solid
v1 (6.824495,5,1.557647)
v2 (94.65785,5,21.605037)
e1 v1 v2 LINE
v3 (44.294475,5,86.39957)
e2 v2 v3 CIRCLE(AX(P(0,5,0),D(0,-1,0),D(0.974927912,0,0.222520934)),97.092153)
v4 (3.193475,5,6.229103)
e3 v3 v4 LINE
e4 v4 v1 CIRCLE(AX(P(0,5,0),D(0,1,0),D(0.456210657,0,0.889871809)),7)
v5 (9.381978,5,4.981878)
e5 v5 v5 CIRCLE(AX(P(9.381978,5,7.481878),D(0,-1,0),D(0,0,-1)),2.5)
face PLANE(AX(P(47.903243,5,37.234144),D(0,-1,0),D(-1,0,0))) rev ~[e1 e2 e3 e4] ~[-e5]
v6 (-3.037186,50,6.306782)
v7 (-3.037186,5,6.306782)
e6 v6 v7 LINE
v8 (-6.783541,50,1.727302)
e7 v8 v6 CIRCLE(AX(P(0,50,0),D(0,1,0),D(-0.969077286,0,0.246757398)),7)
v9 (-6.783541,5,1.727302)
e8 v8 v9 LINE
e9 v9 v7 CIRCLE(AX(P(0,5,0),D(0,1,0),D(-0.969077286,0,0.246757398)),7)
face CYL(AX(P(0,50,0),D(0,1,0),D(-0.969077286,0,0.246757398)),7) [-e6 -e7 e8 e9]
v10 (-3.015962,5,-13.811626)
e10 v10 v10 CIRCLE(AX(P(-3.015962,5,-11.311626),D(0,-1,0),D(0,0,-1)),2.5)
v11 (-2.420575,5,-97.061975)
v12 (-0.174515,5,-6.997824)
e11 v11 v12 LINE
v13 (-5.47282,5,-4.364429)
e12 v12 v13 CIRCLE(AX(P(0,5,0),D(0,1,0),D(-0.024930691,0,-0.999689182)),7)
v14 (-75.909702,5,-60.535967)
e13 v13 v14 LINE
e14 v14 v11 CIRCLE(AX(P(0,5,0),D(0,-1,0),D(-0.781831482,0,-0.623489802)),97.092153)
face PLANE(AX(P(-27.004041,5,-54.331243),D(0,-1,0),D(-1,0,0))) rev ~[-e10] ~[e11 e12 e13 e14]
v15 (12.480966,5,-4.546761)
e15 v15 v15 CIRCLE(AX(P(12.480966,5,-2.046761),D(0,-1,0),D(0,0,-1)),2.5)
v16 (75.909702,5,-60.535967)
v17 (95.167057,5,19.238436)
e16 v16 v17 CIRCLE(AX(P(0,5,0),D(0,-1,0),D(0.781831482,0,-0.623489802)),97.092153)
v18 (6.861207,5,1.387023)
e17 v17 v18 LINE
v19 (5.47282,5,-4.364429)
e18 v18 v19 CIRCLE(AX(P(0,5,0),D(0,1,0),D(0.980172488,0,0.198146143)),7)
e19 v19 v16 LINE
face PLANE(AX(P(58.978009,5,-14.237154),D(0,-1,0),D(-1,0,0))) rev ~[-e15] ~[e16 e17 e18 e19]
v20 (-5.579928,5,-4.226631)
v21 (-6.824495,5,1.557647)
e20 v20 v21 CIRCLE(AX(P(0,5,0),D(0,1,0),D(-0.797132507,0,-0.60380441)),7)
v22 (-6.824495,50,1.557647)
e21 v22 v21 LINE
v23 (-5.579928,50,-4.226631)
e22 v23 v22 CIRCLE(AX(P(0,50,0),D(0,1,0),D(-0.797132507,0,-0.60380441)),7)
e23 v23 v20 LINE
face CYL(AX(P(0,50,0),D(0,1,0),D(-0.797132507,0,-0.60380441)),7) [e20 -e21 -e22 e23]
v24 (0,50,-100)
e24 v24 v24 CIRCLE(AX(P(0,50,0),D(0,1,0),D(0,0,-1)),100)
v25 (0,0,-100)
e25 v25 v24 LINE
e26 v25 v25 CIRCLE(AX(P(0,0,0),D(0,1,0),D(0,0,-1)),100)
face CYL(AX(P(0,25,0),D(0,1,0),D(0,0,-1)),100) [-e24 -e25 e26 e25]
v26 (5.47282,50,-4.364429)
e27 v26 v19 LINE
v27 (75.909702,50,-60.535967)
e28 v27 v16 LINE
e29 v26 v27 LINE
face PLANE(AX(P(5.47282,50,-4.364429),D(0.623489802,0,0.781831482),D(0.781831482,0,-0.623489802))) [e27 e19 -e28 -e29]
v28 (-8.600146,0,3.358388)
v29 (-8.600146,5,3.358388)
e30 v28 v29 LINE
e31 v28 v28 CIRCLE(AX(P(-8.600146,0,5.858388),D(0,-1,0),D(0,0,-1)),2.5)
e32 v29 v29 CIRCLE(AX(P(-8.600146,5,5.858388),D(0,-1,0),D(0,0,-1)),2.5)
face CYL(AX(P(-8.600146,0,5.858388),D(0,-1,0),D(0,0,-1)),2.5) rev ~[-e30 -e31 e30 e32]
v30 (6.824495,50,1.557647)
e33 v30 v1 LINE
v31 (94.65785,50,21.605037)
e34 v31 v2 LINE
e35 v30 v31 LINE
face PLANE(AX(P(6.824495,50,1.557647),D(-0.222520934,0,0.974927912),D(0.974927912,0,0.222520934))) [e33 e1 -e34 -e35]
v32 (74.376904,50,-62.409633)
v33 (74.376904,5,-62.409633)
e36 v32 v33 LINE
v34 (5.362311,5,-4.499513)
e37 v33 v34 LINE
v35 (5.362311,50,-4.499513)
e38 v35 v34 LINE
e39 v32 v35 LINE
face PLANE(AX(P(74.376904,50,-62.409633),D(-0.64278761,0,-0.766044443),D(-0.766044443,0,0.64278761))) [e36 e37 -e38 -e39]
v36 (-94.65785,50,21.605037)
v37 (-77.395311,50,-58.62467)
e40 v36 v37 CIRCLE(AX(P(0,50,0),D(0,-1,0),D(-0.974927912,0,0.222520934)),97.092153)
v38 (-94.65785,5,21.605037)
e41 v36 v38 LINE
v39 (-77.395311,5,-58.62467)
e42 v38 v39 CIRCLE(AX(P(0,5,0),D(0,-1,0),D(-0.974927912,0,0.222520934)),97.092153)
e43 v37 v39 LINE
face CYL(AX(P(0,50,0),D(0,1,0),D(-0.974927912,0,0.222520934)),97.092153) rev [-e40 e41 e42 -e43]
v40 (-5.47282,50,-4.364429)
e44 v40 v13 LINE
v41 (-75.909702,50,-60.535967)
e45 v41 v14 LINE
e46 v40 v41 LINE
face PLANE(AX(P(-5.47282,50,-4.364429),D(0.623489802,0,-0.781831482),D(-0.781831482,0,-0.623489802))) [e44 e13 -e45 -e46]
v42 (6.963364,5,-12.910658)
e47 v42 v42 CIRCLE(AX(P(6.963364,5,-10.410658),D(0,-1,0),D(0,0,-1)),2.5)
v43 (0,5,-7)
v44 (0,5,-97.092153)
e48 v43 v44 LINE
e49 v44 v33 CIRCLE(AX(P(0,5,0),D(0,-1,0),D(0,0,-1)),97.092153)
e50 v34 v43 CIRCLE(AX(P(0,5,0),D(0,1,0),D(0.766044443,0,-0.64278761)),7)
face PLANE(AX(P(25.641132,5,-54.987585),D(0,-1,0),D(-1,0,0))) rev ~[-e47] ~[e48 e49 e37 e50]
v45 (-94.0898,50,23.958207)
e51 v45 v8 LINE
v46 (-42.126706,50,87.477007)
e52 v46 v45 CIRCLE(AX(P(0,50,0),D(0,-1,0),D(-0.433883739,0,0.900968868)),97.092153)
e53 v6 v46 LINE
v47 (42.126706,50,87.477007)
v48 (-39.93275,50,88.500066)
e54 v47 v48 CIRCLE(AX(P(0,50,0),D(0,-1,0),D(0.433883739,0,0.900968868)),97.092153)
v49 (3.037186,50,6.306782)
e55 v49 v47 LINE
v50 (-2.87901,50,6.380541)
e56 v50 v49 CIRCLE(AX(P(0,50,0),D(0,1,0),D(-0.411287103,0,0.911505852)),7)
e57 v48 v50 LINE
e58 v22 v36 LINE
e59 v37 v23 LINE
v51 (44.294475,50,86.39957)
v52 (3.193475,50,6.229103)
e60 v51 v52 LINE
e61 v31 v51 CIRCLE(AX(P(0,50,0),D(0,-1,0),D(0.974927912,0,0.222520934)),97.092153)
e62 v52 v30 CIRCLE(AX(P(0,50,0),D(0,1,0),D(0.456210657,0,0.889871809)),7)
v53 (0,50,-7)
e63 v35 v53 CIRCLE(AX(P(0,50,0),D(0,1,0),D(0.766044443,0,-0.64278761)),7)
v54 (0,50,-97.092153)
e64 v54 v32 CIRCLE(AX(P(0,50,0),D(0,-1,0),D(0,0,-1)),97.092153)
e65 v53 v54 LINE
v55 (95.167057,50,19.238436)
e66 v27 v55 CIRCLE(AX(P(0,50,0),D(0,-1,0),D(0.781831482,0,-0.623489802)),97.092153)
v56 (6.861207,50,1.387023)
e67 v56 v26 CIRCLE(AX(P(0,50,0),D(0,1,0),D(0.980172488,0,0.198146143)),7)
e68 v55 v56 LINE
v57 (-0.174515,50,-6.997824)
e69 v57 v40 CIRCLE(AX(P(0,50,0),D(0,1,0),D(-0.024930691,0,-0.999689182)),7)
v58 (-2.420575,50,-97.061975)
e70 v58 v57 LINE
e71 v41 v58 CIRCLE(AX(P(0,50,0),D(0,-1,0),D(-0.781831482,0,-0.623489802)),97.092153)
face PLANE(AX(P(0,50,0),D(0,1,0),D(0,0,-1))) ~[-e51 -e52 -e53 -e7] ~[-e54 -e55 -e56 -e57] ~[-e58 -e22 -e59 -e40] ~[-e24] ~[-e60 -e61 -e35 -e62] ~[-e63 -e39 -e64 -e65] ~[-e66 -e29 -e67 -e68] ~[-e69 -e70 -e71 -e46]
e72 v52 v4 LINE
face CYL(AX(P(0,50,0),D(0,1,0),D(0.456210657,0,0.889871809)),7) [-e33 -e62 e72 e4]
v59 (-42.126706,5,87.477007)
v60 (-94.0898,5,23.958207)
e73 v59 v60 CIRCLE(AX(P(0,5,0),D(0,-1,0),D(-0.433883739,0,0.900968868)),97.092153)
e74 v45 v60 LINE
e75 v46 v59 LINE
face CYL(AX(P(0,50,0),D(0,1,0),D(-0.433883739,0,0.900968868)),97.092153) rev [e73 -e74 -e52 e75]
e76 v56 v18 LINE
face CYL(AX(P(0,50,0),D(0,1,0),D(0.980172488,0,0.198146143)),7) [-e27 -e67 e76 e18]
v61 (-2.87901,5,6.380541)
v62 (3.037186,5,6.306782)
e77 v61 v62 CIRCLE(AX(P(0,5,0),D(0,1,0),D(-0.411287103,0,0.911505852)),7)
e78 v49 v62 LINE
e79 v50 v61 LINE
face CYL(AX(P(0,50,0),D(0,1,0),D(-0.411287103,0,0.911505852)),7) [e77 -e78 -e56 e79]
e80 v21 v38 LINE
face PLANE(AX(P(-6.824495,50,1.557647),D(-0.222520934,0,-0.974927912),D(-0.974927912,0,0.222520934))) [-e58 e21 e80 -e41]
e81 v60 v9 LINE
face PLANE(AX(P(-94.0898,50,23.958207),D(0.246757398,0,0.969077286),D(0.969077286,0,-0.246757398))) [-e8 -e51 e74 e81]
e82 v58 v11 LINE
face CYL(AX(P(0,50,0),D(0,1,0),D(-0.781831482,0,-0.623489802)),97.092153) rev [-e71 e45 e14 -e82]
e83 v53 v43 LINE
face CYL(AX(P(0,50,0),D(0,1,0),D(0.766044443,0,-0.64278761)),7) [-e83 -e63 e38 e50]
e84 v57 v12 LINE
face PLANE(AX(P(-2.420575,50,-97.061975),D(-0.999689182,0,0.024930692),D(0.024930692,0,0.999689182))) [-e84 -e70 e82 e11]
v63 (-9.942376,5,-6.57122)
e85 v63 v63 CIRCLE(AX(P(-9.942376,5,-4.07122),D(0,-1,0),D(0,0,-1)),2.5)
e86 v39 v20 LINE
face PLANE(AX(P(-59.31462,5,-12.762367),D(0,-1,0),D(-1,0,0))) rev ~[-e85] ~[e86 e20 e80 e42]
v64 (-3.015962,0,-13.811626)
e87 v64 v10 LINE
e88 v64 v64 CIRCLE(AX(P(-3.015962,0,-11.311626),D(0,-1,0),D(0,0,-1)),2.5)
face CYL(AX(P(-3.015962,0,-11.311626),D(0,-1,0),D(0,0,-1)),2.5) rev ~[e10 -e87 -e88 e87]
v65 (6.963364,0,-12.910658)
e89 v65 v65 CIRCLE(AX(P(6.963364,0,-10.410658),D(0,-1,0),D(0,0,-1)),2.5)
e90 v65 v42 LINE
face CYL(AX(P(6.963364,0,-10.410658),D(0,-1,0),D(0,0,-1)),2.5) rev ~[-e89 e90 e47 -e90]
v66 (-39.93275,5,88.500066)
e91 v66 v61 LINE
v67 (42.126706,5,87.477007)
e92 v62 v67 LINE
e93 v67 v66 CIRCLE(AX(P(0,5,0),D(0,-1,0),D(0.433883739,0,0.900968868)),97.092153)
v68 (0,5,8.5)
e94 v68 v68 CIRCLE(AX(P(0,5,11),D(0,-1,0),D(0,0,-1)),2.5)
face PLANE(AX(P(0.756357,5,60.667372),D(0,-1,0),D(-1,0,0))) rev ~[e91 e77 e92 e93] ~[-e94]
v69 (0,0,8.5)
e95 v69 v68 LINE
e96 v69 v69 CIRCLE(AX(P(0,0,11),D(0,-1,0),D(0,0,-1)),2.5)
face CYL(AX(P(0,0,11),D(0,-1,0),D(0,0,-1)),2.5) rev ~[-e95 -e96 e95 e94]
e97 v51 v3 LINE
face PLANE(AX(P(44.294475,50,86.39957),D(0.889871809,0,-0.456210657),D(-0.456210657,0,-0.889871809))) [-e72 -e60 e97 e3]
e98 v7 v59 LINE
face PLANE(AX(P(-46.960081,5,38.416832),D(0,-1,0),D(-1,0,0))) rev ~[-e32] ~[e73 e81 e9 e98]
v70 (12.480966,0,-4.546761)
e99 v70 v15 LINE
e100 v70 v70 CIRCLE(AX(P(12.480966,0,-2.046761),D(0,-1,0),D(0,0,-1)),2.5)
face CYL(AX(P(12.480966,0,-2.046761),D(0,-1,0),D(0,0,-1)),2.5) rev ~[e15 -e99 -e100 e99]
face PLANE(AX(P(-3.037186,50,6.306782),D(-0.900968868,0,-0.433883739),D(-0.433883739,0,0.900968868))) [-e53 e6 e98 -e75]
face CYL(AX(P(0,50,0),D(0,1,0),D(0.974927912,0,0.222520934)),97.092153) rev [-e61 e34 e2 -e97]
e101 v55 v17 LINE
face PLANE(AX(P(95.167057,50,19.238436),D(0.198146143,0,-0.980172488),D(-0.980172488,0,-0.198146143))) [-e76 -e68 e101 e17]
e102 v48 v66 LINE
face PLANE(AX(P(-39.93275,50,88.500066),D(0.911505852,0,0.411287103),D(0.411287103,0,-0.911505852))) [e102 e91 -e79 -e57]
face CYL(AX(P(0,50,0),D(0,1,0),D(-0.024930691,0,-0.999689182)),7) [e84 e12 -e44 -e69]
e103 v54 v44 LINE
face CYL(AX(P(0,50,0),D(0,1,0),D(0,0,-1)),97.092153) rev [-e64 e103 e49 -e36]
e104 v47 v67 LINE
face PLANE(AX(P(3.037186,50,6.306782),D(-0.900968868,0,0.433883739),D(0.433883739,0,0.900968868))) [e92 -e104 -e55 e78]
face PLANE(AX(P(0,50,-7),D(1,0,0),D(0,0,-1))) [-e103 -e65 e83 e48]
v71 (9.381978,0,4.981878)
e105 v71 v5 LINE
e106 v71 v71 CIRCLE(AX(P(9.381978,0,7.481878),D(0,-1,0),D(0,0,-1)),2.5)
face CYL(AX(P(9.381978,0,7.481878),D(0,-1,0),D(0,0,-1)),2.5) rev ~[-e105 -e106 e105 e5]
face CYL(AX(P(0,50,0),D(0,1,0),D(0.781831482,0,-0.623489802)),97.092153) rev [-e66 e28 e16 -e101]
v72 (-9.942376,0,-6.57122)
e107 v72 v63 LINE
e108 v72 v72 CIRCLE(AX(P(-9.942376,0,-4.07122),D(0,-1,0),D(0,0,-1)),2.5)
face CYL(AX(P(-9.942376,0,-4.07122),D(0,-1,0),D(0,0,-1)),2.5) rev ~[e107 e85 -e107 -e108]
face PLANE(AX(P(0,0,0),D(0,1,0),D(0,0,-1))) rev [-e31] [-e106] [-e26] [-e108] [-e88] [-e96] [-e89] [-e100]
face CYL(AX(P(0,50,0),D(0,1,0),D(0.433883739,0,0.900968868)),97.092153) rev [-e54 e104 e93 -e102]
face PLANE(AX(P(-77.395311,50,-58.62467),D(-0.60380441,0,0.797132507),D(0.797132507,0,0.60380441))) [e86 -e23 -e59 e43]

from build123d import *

# Parameters (mm, degrees)
SKETCH1_W          = 100
SKETCH1_H          = 50
CUT_EXTRUDE4_DEPTH = 45
SKETCH3_R          = 2.5
CUT_EXTRUDE5_DEPTH = 10


with BuildPart() as part:
    # Sketch1 → Revolve1 (revolve)
    with BuildSketch(Plane.XY, mode=Mode.PRIVATE) as revolve1_sk:
        with Locations((50, 25)):
            Rectangle(SKETCH1_W, SKETCH1_H)
    revolve(revolve1_sk.sketch.rotate(Axis((0, 0, 0), (0, 1, 0)), 90), axis=Axis((0, 0, 0), (0, 1, 0)))

    # Sketch2 → Cut-Extrude4 (cut)
    with BuildSketch(Plane(origin=(0, 50, 0), x_dir=(1, 0, 0), z_dir=(0, 1, 0))):
        with BuildLine():
            Line((0, 7), (0, 97.092153024))
            ThreePointArc((0, 97.092153024), (41.03291694, 87.995374346), (74.376904295, 62.409632962))
            Line((74.376904295, 62.409632962), (5.362311102, 4.499513268))
            ThreePointArc((5.362311102, 4.499513268), (2.958327832, 6.344154509), (0, 7))
        make_face()
        with BuildLine():
            Line((5.472820377, 4.364428613), (75.909701935, 60.535967251))
            ThreePointArc((75.909701935, 60.535967251), (94.381159228, 22.783392234), (95.16705718, -19.238435657))
            Line((95.16705718, -19.238435657), (6.861207415, -1.387023002))
            ThreePointArc((6.861207415, -1.387023002), (6.804546959, 1.642601803), (5.472820377, 4.364428613))
        make_face()
        with BuildLine():
            Line((6.824495385, -1.557646538), (94.657850037, -21.605036571))
            ThreePointArc((94.657850037, -21.605036571), (76.658463592, -59.584948926), (44.294474955, -86.399569833))
            Line((44.294474955, -86.399569833), (3.193474601, -6.229102662))
            ThreePointArc((3.193474601, -6.229102662), (5.526803438, -4.295863564), (6.824495385, -1.557646538))
        make_face()
        with BuildLine():
            Line((3.037186174, -6.306782075), (42.126706393, -87.477007192))
            ThreePointArc((42.126706393, -87.477007192), (1.210381324, -97.084608234), (-39.932750354, -88.500065695))
            Line((-39.932750354, -88.500065695), (-2.879009722, -6.380540966))
            ThreePointArc((-2.879009722, -6.380540966), (0.087264202, -6.999456047), (3.037186174, -6.306782075))
        make_face()
        with BuildLine():
            Line((-3.037186174, -6.306782075), (-42.126706393, -87.477007192))
            ThreePointArc((-42.126706393, -87.477007192), (-75.149142768, -61.477577376), (-94.089800167, -23.958207016))
            Line((-94.089800167, -23.958207016), (-6.783541004, -1.727301784))
            ThreePointArc((-6.783541004, -1.727301784), (-5.417986758, -4.432315365), (-3.037186174, -6.306782075))
        make_face()
        with BuildLine():
            Line((-6.824495385, -1.557646538), (-94.657850037, -21.605036571))
            ThreePointArc((-94.657850037, -21.605036571), (-94.919829593, 20.423323159), (-77.395311372, 58.624670204))
            Line((-77.395311372, 58.624670204), (-5.579927551, 4.226630872))
            ThreePointArc((-5.579927551, 4.226630872), (-6.843383182, 1.47244919), (-6.824495385, -1.557646538))
        make_face()
        with BuildLine():
            Line((-5.472820377, 4.364428613), (-75.909701935, 60.535967251))
            ThreePointArc((-75.909701935, 60.535967251), (-43.213948723, 86.945044796), (-2.420574537, 97.061975035))
            Line((-2.420574537, 97.061975035), (-0.174514842, 6.997824274))
            ThreePointArc((-0.174514842, 6.997824274), (-3.115572491, 6.268429473), (-5.472820377, 4.364428613))
        make_face()
    extrude(amount=-CUT_EXTRUDE4_DEPTH, mode=Mode.SUBTRACT)

    # Sketch3 → Cut-Extrude5 (cut)
    with BuildSketch(Plane.XZ):
        with Locations(Location((0, 11, 0), (0, 0, 270))):
            Circle(SKETCH3_R)
        with Locations(Location((9.38197779, 7.481877622, 0), (0, 0, 270))):
            Circle(SKETCH3_R)
        with Locations(Location((12.480966429, -2.046761406, 0), (0, 0, 270))):
            Circle(SKETCH3_R)
        with Locations(Location((6.963364264, -10.410657547, 0), (0, 0, 270))):
            Circle(SKETCH3_R)
        with Locations(Location((-3.015961736, -11.311626415, 0), (0, 0, 270))):
            Circle(SKETCH3_R)
        with Locations(Location((-9.942375552, -4.071220075, 0), (0, 0, 270))):
            Circle(SKETCH3_R)
        with Locations(Location((-8.600146307, 5.85838782, 0), (0, 0, 270))):
            Circle(SKETCH3_R)
    extrude(amount=-CUT_EXTRUDE5_DEPTH, mode=Mode.SUBTRACT)


solid = part.part
